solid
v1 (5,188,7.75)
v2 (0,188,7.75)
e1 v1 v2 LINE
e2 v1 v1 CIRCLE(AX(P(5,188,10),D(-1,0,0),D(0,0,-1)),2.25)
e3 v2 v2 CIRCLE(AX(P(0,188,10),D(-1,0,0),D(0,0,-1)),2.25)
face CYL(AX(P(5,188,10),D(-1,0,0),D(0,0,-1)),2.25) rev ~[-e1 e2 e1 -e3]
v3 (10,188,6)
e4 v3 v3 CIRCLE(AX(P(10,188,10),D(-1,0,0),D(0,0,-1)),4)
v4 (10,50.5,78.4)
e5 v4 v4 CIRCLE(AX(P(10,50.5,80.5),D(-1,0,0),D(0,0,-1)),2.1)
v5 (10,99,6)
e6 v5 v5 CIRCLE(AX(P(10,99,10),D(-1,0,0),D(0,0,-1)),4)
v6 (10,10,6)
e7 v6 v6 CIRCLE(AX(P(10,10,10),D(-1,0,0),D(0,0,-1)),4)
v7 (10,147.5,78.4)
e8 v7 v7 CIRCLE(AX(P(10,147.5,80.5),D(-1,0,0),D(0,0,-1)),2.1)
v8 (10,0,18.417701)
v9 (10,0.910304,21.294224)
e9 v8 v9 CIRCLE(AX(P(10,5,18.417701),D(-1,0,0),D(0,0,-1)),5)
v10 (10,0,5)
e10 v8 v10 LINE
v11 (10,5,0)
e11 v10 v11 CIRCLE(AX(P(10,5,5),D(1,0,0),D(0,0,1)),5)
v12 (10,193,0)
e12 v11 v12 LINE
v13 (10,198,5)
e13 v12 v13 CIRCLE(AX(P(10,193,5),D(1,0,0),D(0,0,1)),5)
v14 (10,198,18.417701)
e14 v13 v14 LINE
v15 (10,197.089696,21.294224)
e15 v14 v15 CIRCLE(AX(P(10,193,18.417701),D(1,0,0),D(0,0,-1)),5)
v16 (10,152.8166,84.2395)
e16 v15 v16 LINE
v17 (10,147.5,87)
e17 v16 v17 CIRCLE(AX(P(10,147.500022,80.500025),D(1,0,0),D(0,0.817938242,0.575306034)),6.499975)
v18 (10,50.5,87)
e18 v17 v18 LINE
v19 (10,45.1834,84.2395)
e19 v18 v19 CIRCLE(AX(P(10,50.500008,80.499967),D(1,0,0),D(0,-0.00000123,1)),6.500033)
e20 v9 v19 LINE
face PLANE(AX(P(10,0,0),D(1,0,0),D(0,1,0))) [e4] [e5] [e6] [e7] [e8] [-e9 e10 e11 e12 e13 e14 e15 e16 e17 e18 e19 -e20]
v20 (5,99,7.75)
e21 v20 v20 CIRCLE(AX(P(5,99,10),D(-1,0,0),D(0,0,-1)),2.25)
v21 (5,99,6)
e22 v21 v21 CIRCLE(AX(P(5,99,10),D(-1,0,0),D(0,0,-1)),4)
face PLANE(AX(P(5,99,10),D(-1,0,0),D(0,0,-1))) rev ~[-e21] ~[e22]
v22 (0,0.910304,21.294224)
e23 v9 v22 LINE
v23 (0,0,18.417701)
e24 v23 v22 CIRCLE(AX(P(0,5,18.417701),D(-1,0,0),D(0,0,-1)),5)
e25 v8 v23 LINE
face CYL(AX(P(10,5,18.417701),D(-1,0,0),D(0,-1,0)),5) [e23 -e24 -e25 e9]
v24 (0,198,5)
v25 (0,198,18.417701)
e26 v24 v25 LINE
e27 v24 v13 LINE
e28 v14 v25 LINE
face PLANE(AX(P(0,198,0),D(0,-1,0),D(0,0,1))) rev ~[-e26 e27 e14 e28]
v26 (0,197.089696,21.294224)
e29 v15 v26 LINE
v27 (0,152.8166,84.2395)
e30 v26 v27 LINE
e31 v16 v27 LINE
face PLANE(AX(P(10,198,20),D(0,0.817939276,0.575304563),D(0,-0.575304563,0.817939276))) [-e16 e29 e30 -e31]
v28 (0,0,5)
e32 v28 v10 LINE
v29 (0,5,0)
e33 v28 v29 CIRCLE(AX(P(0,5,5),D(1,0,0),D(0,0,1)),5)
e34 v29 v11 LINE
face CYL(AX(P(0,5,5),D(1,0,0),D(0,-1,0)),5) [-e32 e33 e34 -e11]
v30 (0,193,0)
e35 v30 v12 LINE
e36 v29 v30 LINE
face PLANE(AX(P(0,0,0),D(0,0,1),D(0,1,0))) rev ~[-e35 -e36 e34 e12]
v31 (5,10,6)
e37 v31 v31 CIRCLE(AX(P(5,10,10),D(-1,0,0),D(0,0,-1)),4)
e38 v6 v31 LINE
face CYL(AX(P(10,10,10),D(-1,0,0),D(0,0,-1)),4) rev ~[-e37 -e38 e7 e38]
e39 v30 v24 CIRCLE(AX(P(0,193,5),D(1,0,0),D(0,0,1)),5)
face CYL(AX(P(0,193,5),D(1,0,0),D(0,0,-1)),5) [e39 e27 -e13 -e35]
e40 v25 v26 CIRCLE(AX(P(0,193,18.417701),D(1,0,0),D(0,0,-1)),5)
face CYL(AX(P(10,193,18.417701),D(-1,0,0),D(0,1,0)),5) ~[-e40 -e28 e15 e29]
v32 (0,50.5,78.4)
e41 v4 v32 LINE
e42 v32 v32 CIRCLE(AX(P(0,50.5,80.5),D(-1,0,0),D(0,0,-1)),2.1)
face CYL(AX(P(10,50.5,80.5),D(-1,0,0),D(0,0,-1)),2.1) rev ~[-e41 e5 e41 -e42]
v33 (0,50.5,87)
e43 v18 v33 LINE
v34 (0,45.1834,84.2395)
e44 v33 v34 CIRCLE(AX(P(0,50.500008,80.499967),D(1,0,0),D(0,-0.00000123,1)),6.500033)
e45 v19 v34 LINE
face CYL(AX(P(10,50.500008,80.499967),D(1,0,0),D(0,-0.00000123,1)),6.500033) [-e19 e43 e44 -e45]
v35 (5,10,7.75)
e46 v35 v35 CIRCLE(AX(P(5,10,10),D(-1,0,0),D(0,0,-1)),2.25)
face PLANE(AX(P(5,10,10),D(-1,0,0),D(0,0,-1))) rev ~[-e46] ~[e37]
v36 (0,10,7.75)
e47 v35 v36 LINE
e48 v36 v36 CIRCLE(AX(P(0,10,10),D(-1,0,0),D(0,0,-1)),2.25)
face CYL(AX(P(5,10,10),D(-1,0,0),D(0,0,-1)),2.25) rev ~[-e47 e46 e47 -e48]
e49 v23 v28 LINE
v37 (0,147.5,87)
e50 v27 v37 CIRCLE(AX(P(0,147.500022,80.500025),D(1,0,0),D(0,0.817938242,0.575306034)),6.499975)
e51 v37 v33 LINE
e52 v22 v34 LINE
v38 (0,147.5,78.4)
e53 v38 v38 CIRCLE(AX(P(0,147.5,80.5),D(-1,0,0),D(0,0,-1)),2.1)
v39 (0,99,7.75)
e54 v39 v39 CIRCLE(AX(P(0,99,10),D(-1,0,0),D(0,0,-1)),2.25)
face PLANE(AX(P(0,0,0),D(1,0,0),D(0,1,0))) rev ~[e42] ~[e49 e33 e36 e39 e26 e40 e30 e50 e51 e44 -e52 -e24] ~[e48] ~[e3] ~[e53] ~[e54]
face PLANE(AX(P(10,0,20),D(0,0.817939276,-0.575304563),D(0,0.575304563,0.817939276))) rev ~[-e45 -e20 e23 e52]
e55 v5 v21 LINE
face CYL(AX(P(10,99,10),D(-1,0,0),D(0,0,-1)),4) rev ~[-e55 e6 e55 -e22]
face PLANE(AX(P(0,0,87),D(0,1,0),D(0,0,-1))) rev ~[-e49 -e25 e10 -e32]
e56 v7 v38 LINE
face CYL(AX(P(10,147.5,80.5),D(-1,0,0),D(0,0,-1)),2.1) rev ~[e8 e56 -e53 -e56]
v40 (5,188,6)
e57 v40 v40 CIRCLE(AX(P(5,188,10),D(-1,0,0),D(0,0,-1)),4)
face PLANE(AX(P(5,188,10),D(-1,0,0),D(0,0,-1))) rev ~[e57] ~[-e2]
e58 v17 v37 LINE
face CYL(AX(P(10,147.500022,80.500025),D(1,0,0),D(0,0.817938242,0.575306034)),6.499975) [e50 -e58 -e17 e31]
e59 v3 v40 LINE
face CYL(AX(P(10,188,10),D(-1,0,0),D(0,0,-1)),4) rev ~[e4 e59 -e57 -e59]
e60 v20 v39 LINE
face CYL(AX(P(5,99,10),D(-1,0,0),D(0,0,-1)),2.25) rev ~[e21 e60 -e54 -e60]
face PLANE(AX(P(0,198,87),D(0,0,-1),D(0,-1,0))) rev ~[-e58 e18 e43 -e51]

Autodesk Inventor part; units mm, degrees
ref_plane "YZ Plane" through (0, 0, 0) normal (1, 0, 0) x (0, 1, 0)
ref_plane "XZ Plane" through (0, 0, 0) normal (0, 1, 0) x (-1, 0, 0)
ref_plane "XY Plane" through (0, 0, 0) normal (0, 0, 1) x (1, 0, 0)
sketch "Skizze1" plane through (0, 0, 0) normal (1, 0, 0) x (0, 1, 0)
  line L0 (0, 0) -> (198, 0)
  line L1 (198, 0) -> (198, 87)
  line L2 (198, 87) -> (0, 87)
  line L3 (0, 87) -> (0, 0)
  dimension "d0" = 198
  dimension "d1" = 87
extrude "Extrusion1" add sketch "Skizze1" along normal blind 10
sketch "Skizze2" plane through (10, 0, 0) normal (1, 0, 0) x (0, 0, -1)
  line L0 (-87, 0) -> (0, 0) projected
  line L1 (-80.5, 147.5) -> (-80.5, 50.5) construction
  line L2 (0, 0) -> (0, 198) projected
  dimension "d4" = 97
  dimension "d5" = 50.5
  dimension "d6" = 80.5
hole "Bohrung1" at (10, 147.5, 80.5) at (10, 50.5, 80.5) direction (-1, 0, 0) diameter 4.2 depth 10
sketch "Skizze3" plane through (10, 0, 0) normal (1, 0, 0) x (0, 0, -1)
  circle A0 centre (-80.5, 147.5) radius 2.1 projected
  circle A1 centre (-80.5, 50.5) radius 2.1 projected
  arc A2 (-87, 50.5) -> (-84.2395, 45.1834) centre (-80.5, 50.5) ccw
  arc A3 (-84.2395, 152.8166) -> (-87, 147.5) centre (-80.5, 147.5) ccw
  line L0 (0, 0) -> (0, 198) projected
  line L1 (0, 198) -> (-20, 198) construction
  line L2 (0, 0) -> (-20, 0) construction
  line L3 (-87, 0) -> (0, 0) projected
  line L4 (-20, 0) -> (-84.2395, 45.1834)
  line L5 (-20, 198) -> (-84.2395, 152.8166)
  line L6 (-87, 198) -> (-87, 0) projected
  line L7 (-20, 198) -> (-87, 198)
  line L8 (-87, 147.5) -> (-87, 198)
  line L9 (-87, 50.5) -> (-87, 0)
  line L10 (-87, 0) -> (-20, 0)
  dimension "d15" = 20
extrude "Extrusion2" cut sketch "Skizze3" against normal up to surface (10 mm away) contours L6 L7 L5 A3 | A2 L4 L3 L6
sketch "Skizze4" plane through (10, 0, 0) normal (1, 0, 0) x (0, 0, -1)
  line L0 (0, 0) -> (0, 198) projected
  line L1 (-20, 0) -> (0, 0) projected
  line L2 (0, 198) -> (-20, 198) projected
  line L3 (-87, 147.5) -> (-87, 50.5) projected
  line L4 (-87, 99) -> (0, 99)
  point P0 (-10, 10)
  point P1 (-10, 188)
  point P2 (-10, 99)
  dimension "d18" = 10
  dimension "d19" = 10
  dimension "d20" = 10
hole "Bohrung2" at (10, 10, 10) at (10, 188, 10) at (10, 99, 10) direction (-1, 0, 0) diameter 4.5 end through all counterbore diameter 8 counterbore depth 5
fillet "Rundung1" radius 5 4 edges at (5, 198, 20) (5, 0, 20) (5, 0, 0) (5, 198, 0)
properties part number "102.006.01_Anbindung_Aktor"
